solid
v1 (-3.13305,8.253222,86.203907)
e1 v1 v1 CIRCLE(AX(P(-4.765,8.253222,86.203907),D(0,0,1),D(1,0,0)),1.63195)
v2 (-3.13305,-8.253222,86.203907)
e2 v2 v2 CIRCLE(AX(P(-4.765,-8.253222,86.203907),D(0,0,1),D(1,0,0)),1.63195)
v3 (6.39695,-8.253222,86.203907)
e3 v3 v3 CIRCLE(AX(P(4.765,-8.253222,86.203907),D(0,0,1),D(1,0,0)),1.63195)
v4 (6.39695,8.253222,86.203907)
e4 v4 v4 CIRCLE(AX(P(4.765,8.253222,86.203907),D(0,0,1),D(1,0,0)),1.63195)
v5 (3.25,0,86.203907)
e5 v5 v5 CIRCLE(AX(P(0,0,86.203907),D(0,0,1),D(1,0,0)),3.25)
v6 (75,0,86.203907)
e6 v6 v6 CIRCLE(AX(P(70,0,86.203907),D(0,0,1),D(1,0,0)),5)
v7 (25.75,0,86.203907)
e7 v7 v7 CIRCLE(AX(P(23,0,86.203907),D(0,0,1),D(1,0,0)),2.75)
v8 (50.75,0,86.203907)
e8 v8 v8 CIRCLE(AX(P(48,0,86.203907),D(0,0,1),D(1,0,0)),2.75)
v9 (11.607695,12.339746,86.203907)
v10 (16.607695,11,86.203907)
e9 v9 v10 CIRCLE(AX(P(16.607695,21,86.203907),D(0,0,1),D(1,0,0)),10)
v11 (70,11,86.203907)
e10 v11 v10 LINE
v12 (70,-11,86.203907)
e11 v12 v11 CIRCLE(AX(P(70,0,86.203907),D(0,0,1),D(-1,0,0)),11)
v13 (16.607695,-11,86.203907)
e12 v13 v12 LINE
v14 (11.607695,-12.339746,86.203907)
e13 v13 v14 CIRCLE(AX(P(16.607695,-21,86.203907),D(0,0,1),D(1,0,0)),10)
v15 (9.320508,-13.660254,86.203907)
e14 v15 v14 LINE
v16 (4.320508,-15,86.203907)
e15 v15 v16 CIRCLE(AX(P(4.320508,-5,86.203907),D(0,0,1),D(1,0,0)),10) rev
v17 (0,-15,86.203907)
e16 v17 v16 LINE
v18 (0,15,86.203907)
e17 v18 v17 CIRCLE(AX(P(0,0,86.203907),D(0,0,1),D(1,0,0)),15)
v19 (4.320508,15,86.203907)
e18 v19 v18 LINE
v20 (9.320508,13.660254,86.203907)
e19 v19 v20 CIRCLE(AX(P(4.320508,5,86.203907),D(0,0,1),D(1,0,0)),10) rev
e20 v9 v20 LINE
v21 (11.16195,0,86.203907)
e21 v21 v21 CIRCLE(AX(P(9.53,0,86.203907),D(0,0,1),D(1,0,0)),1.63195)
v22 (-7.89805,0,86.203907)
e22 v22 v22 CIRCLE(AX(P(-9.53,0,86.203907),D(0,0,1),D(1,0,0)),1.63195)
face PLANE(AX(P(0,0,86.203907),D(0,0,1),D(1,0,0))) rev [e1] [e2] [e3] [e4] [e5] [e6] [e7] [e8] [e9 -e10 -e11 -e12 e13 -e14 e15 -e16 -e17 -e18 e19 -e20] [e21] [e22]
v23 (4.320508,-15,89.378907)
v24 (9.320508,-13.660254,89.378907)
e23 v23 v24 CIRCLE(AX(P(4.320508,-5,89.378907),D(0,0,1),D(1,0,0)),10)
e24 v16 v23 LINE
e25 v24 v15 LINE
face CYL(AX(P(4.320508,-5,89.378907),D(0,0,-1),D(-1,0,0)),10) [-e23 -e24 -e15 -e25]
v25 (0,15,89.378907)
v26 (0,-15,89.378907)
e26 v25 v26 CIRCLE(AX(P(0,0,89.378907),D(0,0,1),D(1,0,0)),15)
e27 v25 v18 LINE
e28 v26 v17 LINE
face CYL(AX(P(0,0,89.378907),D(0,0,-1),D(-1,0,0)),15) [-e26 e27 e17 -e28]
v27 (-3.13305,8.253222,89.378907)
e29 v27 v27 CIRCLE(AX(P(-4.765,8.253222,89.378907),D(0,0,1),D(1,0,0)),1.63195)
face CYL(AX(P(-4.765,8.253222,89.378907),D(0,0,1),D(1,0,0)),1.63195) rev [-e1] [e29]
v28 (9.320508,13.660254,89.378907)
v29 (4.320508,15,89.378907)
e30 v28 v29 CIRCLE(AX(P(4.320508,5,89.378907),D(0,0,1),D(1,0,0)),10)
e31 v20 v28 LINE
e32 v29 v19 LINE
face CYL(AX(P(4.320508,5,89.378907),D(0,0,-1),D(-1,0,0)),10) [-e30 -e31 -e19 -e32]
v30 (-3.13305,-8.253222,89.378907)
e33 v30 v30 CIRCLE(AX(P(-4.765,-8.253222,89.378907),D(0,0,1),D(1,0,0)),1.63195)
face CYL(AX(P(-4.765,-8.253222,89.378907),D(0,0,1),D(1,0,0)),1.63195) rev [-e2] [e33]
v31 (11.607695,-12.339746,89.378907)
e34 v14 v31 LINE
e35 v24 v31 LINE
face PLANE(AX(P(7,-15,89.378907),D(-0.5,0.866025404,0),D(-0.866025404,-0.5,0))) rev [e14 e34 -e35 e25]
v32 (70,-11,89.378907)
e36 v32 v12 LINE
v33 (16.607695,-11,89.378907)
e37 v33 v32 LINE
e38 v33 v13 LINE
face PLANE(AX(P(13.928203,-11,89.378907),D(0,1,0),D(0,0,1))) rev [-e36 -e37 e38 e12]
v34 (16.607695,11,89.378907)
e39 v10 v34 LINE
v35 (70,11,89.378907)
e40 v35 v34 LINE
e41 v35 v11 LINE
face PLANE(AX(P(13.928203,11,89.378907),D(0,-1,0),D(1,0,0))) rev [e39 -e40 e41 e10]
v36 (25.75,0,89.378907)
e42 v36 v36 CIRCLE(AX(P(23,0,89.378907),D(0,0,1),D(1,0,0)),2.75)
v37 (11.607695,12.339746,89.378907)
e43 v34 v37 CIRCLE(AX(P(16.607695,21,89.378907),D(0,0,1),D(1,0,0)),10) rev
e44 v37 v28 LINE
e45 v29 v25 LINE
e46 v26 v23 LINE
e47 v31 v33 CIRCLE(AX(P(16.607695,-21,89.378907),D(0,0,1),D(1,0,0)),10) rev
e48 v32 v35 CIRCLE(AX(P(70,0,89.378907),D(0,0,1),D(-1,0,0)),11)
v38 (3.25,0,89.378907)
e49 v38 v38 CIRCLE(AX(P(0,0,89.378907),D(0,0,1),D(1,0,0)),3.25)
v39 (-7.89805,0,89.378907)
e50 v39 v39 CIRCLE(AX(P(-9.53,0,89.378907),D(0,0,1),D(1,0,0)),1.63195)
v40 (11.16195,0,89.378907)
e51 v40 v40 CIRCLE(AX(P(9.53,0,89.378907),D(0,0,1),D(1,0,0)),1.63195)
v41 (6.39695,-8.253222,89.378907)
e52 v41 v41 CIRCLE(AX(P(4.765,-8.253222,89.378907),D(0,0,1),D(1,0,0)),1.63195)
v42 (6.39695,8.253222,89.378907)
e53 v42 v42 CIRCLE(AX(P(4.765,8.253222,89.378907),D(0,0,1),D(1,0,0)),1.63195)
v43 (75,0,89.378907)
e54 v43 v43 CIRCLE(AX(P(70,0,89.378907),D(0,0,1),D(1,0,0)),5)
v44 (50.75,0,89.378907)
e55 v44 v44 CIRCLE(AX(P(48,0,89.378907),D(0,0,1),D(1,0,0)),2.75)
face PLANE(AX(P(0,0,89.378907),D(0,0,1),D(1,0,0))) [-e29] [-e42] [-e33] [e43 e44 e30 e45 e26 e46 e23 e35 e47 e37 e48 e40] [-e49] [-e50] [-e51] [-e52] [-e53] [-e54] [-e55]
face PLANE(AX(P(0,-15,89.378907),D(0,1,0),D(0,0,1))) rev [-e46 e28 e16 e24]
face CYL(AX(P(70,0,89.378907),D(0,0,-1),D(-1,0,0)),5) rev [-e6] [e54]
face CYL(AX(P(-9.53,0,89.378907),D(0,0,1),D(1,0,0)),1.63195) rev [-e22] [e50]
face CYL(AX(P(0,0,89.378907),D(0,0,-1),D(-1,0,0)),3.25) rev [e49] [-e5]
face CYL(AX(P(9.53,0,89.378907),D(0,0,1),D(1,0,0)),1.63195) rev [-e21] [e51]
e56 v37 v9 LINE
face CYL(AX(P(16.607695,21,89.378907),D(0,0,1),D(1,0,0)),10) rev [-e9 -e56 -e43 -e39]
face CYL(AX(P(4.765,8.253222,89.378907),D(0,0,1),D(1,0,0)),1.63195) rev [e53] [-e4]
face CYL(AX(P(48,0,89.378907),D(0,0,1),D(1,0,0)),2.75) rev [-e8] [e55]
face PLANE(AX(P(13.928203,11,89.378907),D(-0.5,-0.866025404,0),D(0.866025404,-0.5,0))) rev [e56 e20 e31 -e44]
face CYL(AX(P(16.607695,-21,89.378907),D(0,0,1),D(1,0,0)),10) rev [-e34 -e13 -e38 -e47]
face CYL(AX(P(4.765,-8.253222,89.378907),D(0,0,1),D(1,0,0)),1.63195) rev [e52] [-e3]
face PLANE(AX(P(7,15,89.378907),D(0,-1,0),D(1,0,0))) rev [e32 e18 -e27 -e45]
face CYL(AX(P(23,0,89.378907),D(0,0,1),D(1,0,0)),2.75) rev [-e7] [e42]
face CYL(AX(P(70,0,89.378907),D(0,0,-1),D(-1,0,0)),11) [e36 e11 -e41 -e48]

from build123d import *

# Parameters (mm, degrees)
CROQUIS1_R                       = 5
CROQUIS1_R_2                     = 3.25
SALIENTE_EXTRUIR1_DEPTH          = 3.175
TALADRO_DE_MARGEN_PARA_41_D      = 3.2639
TALADRO_DE_MARGEN_PARA_41_DEPTH  = 10
TALADRO_DE_MARGEN_PARA_41_TIP    = 0.980574487
TALADRO_DE_MARGEN_PARA_M51_D     = 5.5
TALADRO_DE_MARGEN_PARA_M51_DEPTH = 6
TALADRO_DE_MARGEN_PARA_M51_TIP   = 1.652366702
REDONDEO1_R                      = 10


with BuildPart() as part:
    # Croquis1 → Saliente-Extruir1 (new body)
    with BuildSketch(Plane.XY.offset(86.203907482)):
        with BuildLine():
            Line((0, -15), (7, -15))
            Line((7, -15), (13.92820323, -11))
            Line((13.92820323, -11), (70, -11))
            ThreePointArc((70, -11), (81, 0), (70, 11))
            Line((70, 11), (13.92820323, 11))
            Line((13.92820323, 11), (7, 15))
            Line((7, 15), (0, 15))
            ThreePointArc((0, 15), (-15, 0), (0, -15))
        make_face()
        with Locations((70, 0)):
            Circle(CROQUIS1_R, mode=Mode.SUBTRACT)
        Circle(CROQUIS1_R_2, mode=Mode.SUBTRACT)
    extrude(amount=SALIENTE_EXTRUIR1_DEPTH)

    # Taladro de margen para #41
    with Locations(Plane.XY.offset(89.378907482)):
        with Locations((9.53, 0), (4.765, -8.253222098), (-4.765, -8.253222098), (-9.53, 0), (-4.765, 8.253222098), (4.765, 8.253222098)):
            Hole(TALADRO_DE_MARGEN_PARA_41_D / 2, depth=TALADRO_DE_MARGEN_PARA_41_DEPTH)
            with Locations((0, 0, -(TALADRO_DE_MARGEN_PARA_41_DEPTH + TALADRO_DE_MARGEN_PARA_41_TIP / 2))):  # 118° drill point
                Cone(0, TALADRO_DE_MARGEN_PARA_41_D / 2, TALADRO_DE_MARGEN_PARA_41_TIP, mode=Mode.SUBTRACT)

    # Taladro de margen para M51
    with Locations(Plane.XY.offset(89.378907482)):
        with Locations((23, 0), (48, 0)):
            Hole(TALADRO_DE_MARGEN_PARA_M51_D / 2, depth=TALADRO_DE_MARGEN_PARA_M51_DEPTH)
            with Locations((0, 0, -(TALADRO_DE_MARGEN_PARA_M51_DEPTH + TALADRO_DE_MARGEN_PARA_M51_TIP / 2))):  # 118° drill point
                Cone(0, TALADRO_DE_MARGEN_PARA_M51_D / 2, TALADRO_DE_MARGEN_PARA_M51_TIP, mode=Mode.SUBTRACT)

    # Redondeo1
    redondeo1_edges = [part.edges().sort_by_distance(p)[0] for p in [
        (7, 15, 87.791407482),
        (13.92820323, 11, 87.791407482),
        (13.92820323, -11, 87.791407482),
        (7, -15, 87.791407482),
    ]]
    fillet(redondeo1_edges, radius=REDONDEO1_R)


solid = part.part
